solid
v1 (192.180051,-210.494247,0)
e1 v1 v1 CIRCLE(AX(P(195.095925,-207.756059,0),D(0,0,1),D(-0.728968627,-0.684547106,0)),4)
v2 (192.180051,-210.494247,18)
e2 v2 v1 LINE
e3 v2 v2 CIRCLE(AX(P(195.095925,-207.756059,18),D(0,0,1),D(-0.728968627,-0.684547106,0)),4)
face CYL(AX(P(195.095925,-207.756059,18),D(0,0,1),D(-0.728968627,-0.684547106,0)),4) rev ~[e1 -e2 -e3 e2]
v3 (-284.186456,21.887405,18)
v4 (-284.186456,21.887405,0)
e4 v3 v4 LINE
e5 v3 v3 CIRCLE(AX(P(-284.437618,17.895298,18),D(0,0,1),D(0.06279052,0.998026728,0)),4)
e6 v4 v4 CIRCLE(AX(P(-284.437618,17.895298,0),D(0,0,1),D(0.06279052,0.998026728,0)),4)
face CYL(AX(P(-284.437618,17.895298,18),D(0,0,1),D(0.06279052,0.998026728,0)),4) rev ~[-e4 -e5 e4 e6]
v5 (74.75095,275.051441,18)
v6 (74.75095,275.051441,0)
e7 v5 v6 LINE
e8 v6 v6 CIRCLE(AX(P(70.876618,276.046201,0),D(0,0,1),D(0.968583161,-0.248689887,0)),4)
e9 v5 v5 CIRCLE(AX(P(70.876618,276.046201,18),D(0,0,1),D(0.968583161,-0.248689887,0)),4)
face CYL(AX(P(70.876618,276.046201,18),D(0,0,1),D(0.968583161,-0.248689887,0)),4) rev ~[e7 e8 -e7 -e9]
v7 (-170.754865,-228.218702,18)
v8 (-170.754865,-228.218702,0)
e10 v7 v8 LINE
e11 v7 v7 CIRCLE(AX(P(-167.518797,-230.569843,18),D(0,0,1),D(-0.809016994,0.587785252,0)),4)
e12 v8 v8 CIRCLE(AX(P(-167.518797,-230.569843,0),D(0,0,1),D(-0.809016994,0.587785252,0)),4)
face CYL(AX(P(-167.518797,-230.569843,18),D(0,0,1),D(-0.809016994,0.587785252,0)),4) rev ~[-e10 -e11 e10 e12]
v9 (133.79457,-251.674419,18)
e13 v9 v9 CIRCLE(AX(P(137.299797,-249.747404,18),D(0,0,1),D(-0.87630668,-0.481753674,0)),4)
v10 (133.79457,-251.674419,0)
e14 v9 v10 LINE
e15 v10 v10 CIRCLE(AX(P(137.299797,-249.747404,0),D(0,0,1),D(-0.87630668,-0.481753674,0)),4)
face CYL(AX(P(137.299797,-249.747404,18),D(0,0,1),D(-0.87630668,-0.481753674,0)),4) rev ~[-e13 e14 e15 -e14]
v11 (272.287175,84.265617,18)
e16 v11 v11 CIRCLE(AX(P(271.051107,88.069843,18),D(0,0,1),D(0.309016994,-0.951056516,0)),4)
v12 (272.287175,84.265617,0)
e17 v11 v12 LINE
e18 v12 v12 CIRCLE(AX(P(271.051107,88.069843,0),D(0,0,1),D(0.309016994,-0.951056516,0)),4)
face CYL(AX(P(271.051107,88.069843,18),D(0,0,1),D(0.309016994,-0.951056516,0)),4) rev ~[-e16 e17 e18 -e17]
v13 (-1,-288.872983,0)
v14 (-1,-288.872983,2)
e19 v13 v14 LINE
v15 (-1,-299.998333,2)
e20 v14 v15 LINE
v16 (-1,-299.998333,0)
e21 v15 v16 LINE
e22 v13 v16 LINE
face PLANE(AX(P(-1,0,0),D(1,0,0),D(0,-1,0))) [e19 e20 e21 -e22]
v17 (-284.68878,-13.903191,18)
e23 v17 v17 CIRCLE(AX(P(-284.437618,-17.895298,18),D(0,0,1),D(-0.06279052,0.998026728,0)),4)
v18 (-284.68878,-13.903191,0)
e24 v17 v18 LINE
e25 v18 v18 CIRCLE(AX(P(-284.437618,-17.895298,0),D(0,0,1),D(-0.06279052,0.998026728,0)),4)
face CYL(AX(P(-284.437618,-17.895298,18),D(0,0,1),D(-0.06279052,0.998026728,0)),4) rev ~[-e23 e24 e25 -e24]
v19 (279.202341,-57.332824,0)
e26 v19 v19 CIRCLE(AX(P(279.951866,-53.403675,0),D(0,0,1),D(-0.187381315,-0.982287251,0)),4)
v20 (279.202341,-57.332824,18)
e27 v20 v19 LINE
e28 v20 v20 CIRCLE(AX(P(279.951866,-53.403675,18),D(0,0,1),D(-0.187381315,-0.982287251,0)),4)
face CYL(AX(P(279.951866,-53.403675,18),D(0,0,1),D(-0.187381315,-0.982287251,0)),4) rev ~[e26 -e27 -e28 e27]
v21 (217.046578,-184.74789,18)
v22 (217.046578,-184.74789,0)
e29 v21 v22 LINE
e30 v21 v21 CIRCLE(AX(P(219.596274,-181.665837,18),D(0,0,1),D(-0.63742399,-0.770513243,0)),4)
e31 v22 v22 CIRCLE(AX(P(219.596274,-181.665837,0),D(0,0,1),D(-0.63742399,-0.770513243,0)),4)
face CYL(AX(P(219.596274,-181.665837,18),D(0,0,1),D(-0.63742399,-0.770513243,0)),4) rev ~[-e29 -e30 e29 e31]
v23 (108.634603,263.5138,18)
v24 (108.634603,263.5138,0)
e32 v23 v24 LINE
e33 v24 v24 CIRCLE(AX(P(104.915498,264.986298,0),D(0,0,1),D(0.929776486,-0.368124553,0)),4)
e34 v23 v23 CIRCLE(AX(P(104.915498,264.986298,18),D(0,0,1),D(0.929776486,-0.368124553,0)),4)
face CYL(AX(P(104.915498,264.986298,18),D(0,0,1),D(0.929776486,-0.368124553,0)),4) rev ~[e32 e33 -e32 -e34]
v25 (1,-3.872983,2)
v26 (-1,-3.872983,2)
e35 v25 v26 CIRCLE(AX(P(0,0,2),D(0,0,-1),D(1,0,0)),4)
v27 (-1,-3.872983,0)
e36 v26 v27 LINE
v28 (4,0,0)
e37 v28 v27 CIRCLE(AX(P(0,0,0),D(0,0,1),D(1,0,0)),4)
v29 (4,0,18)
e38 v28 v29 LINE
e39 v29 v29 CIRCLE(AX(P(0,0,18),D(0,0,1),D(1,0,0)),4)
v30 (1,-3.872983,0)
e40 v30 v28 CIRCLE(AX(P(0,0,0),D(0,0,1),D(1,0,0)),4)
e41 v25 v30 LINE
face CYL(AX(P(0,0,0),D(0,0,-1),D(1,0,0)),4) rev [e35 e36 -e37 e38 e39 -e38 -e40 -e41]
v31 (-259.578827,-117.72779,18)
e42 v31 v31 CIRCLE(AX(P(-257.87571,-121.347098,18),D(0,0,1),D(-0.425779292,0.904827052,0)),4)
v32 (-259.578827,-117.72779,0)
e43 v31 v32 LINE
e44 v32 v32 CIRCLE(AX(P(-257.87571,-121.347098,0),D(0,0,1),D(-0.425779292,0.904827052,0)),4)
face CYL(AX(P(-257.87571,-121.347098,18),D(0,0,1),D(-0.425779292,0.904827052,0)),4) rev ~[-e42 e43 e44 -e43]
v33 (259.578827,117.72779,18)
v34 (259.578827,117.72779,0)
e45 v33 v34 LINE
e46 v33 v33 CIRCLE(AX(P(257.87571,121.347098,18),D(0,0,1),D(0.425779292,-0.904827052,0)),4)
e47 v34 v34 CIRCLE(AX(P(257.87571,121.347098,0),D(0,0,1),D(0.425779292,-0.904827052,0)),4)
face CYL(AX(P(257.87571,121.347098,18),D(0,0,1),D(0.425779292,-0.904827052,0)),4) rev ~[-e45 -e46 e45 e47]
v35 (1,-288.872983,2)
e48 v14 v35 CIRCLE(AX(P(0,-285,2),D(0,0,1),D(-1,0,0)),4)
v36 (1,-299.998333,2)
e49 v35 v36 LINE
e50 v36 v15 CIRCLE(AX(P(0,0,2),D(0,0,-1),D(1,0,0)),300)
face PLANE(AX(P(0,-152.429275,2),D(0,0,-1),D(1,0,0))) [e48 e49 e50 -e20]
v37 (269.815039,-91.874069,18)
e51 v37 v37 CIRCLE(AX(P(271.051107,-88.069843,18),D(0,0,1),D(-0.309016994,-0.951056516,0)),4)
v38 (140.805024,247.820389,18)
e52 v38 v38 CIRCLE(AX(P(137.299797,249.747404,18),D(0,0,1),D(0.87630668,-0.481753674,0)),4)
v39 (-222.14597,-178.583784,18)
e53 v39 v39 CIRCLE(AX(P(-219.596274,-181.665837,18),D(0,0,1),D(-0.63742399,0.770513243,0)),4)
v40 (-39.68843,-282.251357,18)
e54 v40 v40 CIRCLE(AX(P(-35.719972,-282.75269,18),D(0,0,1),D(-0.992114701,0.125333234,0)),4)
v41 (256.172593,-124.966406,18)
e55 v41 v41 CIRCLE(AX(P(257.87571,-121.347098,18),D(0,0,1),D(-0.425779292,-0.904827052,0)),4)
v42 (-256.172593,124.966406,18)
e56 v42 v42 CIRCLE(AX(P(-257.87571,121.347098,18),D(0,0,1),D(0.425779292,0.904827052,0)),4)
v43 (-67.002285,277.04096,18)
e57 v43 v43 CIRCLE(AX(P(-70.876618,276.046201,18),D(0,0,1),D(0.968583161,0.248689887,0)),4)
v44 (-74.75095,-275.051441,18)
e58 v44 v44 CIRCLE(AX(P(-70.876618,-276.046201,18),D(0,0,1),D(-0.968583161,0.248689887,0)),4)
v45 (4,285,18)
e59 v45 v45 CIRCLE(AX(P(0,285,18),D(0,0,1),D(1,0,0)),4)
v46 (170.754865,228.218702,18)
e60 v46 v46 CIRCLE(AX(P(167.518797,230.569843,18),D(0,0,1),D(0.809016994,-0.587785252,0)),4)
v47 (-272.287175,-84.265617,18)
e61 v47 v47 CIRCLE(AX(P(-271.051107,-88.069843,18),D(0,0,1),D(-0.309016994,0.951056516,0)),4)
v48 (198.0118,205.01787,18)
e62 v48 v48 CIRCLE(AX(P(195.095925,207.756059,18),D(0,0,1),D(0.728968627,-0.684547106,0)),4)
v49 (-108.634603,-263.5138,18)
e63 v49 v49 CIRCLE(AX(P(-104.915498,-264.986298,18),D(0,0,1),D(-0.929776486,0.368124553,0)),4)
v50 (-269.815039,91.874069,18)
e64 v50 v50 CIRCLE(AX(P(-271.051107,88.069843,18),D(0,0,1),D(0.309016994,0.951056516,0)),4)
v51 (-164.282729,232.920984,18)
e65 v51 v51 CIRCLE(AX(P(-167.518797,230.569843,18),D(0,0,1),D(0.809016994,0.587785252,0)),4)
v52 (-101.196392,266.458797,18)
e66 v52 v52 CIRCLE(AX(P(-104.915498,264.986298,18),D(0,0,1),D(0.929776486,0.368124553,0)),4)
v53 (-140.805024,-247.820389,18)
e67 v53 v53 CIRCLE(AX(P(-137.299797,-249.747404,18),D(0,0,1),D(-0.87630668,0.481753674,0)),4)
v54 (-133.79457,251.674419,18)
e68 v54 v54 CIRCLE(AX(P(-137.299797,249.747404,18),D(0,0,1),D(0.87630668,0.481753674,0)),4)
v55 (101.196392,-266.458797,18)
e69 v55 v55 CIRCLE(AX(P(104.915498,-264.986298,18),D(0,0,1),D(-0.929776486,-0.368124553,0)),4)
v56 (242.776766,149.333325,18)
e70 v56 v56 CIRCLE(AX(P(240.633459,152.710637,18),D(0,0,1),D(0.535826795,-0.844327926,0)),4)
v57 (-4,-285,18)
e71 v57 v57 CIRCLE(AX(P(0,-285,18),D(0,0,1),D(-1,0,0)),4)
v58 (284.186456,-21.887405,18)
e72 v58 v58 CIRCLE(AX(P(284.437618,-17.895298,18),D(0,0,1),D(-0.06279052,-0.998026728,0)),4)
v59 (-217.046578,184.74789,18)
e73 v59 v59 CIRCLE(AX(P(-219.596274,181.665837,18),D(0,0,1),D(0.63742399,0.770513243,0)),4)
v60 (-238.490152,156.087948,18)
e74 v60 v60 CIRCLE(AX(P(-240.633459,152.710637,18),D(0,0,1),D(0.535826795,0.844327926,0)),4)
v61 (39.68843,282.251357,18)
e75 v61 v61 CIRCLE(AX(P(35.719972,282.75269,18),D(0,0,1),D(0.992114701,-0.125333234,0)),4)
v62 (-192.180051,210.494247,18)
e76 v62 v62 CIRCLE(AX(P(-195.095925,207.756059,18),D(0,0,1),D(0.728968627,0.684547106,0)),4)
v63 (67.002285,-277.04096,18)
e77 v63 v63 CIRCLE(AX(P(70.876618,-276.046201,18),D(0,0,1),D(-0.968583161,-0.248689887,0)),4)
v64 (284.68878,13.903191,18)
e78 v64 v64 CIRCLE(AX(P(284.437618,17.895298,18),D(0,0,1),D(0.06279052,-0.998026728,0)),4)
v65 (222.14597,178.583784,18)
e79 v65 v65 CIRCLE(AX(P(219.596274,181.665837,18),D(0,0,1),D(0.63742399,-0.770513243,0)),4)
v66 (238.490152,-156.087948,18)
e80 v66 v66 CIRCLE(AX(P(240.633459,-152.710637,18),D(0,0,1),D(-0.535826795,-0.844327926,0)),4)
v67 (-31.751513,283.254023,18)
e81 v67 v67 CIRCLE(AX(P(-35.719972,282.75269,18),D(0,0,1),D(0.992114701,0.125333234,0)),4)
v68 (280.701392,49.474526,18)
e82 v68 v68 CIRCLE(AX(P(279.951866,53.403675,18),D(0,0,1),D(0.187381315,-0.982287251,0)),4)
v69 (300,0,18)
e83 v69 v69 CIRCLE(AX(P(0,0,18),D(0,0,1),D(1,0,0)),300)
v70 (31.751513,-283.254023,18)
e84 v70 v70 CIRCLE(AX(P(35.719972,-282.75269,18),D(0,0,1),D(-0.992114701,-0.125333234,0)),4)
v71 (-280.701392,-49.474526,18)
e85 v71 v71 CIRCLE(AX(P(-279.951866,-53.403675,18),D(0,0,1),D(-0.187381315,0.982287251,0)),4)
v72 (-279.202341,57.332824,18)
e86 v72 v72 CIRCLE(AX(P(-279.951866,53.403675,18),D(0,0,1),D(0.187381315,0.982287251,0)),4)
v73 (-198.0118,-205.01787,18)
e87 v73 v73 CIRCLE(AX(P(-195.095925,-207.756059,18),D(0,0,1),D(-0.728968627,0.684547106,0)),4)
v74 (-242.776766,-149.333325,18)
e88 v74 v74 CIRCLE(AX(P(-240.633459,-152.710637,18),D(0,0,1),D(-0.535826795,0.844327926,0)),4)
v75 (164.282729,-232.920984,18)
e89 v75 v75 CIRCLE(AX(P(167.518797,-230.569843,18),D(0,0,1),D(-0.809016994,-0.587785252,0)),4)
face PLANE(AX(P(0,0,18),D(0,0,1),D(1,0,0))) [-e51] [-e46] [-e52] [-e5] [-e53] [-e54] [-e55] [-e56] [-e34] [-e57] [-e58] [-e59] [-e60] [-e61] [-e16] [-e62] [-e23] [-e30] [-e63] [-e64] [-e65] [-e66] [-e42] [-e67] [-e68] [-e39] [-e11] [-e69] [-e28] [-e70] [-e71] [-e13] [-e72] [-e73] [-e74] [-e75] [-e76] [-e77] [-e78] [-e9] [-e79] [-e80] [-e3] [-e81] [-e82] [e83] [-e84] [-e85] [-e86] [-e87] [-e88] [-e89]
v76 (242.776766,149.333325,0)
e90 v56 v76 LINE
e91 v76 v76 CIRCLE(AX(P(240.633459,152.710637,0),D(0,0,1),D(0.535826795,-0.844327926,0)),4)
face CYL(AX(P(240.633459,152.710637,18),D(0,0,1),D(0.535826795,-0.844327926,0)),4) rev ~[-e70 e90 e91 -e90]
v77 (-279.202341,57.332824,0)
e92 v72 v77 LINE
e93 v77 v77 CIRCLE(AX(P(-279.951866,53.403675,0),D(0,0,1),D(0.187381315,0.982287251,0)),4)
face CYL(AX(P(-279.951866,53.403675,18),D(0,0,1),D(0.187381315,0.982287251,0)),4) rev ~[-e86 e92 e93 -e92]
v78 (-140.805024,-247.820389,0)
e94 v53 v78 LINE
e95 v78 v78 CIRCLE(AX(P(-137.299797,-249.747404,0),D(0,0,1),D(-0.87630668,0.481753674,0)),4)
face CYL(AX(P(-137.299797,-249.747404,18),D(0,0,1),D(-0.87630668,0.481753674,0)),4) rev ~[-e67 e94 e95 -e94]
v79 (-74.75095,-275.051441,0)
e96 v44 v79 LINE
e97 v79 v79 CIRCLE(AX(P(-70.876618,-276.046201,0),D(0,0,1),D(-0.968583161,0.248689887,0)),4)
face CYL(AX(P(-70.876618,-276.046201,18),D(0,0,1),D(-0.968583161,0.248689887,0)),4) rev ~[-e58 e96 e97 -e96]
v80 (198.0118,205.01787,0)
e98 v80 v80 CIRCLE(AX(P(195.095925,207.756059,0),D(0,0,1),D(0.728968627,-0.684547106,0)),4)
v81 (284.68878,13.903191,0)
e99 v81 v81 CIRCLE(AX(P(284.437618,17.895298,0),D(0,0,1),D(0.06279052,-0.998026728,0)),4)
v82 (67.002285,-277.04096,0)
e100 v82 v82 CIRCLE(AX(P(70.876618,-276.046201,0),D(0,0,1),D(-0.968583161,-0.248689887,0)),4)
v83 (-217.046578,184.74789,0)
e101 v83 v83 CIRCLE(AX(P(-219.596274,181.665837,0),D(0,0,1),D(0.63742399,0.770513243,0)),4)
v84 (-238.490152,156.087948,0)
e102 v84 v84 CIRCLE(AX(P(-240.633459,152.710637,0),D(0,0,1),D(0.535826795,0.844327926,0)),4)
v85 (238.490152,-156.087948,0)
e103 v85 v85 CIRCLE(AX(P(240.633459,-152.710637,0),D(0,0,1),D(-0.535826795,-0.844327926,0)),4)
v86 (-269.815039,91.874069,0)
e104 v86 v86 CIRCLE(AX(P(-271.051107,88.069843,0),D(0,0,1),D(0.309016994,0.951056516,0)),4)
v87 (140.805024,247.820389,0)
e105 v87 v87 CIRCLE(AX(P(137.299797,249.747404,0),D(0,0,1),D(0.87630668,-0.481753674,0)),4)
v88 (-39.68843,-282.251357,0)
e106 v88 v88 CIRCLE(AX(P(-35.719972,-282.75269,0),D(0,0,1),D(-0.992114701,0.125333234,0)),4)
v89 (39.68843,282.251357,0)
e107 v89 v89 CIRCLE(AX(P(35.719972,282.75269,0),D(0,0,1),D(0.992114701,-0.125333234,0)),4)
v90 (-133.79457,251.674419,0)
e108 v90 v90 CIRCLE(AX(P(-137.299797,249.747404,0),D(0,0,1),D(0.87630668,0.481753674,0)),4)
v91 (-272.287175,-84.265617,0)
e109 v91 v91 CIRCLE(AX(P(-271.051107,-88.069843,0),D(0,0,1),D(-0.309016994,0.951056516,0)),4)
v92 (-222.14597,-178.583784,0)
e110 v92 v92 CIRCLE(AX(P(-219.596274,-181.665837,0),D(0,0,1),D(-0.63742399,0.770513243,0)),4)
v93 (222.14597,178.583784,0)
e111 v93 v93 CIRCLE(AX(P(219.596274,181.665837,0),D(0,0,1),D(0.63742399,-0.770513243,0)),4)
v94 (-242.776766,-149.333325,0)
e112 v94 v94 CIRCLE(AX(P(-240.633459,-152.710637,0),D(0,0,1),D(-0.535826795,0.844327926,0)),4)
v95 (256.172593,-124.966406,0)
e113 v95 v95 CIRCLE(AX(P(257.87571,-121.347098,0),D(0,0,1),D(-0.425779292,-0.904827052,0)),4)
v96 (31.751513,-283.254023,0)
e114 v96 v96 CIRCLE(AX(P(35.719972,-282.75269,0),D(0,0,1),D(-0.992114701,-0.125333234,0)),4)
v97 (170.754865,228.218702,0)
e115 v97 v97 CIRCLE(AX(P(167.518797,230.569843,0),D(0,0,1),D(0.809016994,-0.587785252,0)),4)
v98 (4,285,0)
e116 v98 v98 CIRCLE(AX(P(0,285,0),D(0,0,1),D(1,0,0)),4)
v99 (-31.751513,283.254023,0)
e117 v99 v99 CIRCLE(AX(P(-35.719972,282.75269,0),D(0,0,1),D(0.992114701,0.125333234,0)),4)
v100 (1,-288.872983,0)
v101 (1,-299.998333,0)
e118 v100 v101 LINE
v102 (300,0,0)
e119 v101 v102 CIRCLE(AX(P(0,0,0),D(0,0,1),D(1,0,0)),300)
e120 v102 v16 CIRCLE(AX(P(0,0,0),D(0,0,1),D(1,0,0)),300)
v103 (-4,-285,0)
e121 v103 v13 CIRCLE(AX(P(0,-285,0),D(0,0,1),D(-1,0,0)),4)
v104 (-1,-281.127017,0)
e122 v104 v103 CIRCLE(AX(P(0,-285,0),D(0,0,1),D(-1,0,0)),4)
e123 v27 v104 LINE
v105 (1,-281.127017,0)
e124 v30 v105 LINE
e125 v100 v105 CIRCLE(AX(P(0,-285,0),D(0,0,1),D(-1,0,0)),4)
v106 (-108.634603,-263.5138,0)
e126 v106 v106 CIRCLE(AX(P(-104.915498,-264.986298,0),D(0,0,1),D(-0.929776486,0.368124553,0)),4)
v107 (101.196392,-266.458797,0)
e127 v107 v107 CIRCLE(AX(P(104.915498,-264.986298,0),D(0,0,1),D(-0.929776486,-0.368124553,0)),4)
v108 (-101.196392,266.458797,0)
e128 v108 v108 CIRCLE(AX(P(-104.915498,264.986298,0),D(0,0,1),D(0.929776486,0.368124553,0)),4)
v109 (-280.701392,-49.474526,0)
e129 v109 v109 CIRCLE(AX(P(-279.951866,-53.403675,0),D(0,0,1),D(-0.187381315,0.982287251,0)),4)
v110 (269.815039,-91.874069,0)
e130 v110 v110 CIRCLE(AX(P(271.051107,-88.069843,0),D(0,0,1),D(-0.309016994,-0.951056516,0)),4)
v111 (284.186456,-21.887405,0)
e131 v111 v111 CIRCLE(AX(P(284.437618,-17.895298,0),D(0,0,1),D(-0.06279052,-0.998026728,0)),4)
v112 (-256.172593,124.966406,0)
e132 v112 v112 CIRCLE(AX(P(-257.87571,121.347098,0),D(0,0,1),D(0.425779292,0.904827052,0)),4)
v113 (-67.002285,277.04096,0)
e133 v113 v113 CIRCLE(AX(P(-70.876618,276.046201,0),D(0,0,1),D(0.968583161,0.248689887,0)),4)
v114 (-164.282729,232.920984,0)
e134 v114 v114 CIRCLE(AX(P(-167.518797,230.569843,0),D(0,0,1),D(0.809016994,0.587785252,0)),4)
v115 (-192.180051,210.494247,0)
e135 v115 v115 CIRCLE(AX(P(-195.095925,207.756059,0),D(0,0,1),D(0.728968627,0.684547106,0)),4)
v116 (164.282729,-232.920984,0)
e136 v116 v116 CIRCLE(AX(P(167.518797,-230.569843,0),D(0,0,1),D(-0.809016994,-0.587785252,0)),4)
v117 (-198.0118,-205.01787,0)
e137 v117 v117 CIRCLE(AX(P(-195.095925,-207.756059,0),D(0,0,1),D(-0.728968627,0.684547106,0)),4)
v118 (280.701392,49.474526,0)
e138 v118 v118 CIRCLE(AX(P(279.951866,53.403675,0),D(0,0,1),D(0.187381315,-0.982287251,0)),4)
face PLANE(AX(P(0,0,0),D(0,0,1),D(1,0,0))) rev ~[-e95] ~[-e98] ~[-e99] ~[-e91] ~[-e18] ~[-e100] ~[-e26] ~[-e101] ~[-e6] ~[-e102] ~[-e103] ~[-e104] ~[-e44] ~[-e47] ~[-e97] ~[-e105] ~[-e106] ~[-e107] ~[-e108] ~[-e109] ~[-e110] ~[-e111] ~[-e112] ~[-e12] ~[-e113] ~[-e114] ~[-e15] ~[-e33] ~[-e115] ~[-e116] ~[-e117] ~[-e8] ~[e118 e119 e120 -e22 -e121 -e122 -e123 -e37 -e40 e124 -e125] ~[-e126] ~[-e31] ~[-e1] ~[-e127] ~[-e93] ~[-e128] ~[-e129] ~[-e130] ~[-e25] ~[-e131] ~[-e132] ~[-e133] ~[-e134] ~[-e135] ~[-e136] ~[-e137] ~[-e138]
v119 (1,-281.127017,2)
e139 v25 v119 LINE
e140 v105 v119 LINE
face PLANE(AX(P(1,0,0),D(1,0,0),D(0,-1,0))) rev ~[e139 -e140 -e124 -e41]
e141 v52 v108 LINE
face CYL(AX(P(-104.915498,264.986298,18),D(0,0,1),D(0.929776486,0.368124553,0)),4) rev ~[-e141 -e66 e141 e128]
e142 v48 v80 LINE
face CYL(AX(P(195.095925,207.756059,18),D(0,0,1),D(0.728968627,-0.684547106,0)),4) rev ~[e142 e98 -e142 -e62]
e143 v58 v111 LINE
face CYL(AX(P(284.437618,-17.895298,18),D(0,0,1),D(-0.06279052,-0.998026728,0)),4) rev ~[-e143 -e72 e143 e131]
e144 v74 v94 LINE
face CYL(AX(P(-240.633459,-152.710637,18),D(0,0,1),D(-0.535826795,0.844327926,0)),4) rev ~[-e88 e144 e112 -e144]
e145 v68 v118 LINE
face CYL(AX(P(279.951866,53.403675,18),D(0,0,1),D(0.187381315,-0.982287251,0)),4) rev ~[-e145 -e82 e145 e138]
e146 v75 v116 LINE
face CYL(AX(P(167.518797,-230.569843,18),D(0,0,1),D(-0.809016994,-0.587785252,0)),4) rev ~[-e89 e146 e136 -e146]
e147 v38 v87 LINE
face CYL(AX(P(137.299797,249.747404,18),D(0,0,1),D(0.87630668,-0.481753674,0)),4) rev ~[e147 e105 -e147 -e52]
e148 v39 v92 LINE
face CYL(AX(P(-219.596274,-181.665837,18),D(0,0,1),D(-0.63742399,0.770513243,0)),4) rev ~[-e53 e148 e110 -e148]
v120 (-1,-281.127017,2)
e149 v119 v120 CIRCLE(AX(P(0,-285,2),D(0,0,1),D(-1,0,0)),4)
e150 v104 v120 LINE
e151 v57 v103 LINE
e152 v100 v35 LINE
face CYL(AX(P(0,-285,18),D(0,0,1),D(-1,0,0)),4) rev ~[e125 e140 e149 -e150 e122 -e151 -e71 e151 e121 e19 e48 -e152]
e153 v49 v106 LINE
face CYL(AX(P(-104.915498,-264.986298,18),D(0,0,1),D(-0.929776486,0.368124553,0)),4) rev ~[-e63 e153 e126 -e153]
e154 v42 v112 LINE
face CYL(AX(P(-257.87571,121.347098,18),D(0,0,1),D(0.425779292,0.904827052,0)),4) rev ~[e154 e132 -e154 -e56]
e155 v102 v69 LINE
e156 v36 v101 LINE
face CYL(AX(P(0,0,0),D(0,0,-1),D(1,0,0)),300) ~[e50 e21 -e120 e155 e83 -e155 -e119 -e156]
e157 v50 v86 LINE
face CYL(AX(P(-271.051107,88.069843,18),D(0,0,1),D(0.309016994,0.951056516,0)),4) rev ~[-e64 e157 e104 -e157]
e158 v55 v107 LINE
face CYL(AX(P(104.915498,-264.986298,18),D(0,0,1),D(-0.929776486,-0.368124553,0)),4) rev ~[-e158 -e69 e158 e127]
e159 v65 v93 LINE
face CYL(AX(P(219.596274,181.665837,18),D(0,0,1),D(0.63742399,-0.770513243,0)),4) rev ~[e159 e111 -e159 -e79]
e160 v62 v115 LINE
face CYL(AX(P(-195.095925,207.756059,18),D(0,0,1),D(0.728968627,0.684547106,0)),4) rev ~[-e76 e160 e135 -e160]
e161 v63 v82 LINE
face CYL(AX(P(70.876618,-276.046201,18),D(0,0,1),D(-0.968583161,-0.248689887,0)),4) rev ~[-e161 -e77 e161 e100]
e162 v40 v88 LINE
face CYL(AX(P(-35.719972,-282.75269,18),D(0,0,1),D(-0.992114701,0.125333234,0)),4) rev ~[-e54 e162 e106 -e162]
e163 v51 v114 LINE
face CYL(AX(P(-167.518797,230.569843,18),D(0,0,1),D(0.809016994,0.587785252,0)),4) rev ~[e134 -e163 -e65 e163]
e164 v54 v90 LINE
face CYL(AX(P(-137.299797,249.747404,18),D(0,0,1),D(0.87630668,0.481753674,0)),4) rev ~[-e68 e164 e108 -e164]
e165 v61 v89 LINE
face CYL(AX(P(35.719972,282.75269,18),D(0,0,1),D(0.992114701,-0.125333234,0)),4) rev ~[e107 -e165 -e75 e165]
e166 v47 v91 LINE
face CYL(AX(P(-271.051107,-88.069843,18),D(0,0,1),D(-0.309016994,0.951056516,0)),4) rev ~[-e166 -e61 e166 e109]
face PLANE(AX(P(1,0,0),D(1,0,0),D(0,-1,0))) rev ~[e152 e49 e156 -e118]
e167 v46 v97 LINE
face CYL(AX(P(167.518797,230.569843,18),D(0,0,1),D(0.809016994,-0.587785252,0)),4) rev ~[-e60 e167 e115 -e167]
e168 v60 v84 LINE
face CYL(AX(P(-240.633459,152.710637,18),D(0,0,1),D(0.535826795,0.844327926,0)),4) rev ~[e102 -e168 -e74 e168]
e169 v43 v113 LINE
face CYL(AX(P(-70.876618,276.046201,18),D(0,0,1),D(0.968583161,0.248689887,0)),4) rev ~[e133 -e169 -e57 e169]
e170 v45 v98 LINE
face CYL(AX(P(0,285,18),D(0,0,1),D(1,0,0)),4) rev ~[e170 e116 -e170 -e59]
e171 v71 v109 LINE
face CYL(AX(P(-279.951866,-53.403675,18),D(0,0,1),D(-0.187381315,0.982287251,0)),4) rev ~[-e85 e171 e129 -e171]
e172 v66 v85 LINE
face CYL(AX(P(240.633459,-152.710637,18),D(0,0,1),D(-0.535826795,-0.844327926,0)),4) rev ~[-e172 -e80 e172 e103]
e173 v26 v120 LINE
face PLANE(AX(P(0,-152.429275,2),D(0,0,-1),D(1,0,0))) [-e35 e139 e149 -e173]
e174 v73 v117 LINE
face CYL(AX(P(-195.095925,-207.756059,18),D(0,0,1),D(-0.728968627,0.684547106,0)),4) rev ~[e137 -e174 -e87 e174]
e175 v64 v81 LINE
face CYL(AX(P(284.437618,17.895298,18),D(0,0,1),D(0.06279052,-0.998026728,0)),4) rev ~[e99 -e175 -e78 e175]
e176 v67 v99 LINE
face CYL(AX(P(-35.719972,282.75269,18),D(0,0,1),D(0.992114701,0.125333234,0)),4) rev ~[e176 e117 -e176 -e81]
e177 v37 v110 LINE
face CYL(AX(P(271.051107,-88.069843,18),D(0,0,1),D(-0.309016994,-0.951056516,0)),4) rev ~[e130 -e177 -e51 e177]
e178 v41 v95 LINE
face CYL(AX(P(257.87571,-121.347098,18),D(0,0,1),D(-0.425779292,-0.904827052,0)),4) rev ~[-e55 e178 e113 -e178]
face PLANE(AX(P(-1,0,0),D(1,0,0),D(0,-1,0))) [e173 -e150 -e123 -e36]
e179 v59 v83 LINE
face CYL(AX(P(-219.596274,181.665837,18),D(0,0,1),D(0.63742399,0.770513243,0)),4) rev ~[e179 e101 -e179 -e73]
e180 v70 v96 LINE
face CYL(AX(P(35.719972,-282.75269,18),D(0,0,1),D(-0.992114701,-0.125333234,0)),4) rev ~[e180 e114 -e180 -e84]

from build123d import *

# Parameters (mm, degrees)
SKETCH_R           = 300
SKETCH_R_2         = 4
PAD_DEPTH          = 18
SKETCH001_R        = 4
POCKET_DEPTH       = 1715.43907
POLARPATTERN_COUNT = 50
SKETCH002_W        = 2
SKETCH002_H        = 304.858551
POCKET001_DEPTH    = 2


with BuildPart() as part:
    # Sketch → Pad (new body)
    with BuildSketch(Plane.XY):
        Circle(SKETCH_R)
        Circle(SKETCH_R_2, mode=Mode.SUBTRACT)
    extrude(amount=PAD_DEPTH)

    # Sketch001 (on Face4 of Pad) → Pocket (cut, through all)
    with BuildSketch(Plane.XY.offset(18)):
        with Locations((0, 285)):
            Circle(SKETCH001_R)
    pocket = extrude(amount=-POCKET_DEPTH, mode=Mode.SUBTRACT)

    # PolarPattern: Pocket ×50 about axis
    polarpattern_axis = Axis((0, 0, 18), (0, 0, 1))
    for i in range(1, POLARPATTERN_COUNT):
        add(pocket.rotate(polarpattern_axis, i * 360 / POLARPATTERN_COUNT), mode=Mode.SUBTRACT)

    # Sketch002 (on Face2 of PolarPattern) → Pocket001 (cut)
    with BuildSketch(Plane(origin=(0, 0, 0), x_dir=(1, 0, 0), z_dir=(0, 0, -1))):
        with Locations((0, 152.429275)):
            Rectangle(SKETCH002_W, SKETCH002_H)
    extrude(amount=-POCKET001_DEPTH, mode=Mode.SUBTRACT)


solid = part.part
